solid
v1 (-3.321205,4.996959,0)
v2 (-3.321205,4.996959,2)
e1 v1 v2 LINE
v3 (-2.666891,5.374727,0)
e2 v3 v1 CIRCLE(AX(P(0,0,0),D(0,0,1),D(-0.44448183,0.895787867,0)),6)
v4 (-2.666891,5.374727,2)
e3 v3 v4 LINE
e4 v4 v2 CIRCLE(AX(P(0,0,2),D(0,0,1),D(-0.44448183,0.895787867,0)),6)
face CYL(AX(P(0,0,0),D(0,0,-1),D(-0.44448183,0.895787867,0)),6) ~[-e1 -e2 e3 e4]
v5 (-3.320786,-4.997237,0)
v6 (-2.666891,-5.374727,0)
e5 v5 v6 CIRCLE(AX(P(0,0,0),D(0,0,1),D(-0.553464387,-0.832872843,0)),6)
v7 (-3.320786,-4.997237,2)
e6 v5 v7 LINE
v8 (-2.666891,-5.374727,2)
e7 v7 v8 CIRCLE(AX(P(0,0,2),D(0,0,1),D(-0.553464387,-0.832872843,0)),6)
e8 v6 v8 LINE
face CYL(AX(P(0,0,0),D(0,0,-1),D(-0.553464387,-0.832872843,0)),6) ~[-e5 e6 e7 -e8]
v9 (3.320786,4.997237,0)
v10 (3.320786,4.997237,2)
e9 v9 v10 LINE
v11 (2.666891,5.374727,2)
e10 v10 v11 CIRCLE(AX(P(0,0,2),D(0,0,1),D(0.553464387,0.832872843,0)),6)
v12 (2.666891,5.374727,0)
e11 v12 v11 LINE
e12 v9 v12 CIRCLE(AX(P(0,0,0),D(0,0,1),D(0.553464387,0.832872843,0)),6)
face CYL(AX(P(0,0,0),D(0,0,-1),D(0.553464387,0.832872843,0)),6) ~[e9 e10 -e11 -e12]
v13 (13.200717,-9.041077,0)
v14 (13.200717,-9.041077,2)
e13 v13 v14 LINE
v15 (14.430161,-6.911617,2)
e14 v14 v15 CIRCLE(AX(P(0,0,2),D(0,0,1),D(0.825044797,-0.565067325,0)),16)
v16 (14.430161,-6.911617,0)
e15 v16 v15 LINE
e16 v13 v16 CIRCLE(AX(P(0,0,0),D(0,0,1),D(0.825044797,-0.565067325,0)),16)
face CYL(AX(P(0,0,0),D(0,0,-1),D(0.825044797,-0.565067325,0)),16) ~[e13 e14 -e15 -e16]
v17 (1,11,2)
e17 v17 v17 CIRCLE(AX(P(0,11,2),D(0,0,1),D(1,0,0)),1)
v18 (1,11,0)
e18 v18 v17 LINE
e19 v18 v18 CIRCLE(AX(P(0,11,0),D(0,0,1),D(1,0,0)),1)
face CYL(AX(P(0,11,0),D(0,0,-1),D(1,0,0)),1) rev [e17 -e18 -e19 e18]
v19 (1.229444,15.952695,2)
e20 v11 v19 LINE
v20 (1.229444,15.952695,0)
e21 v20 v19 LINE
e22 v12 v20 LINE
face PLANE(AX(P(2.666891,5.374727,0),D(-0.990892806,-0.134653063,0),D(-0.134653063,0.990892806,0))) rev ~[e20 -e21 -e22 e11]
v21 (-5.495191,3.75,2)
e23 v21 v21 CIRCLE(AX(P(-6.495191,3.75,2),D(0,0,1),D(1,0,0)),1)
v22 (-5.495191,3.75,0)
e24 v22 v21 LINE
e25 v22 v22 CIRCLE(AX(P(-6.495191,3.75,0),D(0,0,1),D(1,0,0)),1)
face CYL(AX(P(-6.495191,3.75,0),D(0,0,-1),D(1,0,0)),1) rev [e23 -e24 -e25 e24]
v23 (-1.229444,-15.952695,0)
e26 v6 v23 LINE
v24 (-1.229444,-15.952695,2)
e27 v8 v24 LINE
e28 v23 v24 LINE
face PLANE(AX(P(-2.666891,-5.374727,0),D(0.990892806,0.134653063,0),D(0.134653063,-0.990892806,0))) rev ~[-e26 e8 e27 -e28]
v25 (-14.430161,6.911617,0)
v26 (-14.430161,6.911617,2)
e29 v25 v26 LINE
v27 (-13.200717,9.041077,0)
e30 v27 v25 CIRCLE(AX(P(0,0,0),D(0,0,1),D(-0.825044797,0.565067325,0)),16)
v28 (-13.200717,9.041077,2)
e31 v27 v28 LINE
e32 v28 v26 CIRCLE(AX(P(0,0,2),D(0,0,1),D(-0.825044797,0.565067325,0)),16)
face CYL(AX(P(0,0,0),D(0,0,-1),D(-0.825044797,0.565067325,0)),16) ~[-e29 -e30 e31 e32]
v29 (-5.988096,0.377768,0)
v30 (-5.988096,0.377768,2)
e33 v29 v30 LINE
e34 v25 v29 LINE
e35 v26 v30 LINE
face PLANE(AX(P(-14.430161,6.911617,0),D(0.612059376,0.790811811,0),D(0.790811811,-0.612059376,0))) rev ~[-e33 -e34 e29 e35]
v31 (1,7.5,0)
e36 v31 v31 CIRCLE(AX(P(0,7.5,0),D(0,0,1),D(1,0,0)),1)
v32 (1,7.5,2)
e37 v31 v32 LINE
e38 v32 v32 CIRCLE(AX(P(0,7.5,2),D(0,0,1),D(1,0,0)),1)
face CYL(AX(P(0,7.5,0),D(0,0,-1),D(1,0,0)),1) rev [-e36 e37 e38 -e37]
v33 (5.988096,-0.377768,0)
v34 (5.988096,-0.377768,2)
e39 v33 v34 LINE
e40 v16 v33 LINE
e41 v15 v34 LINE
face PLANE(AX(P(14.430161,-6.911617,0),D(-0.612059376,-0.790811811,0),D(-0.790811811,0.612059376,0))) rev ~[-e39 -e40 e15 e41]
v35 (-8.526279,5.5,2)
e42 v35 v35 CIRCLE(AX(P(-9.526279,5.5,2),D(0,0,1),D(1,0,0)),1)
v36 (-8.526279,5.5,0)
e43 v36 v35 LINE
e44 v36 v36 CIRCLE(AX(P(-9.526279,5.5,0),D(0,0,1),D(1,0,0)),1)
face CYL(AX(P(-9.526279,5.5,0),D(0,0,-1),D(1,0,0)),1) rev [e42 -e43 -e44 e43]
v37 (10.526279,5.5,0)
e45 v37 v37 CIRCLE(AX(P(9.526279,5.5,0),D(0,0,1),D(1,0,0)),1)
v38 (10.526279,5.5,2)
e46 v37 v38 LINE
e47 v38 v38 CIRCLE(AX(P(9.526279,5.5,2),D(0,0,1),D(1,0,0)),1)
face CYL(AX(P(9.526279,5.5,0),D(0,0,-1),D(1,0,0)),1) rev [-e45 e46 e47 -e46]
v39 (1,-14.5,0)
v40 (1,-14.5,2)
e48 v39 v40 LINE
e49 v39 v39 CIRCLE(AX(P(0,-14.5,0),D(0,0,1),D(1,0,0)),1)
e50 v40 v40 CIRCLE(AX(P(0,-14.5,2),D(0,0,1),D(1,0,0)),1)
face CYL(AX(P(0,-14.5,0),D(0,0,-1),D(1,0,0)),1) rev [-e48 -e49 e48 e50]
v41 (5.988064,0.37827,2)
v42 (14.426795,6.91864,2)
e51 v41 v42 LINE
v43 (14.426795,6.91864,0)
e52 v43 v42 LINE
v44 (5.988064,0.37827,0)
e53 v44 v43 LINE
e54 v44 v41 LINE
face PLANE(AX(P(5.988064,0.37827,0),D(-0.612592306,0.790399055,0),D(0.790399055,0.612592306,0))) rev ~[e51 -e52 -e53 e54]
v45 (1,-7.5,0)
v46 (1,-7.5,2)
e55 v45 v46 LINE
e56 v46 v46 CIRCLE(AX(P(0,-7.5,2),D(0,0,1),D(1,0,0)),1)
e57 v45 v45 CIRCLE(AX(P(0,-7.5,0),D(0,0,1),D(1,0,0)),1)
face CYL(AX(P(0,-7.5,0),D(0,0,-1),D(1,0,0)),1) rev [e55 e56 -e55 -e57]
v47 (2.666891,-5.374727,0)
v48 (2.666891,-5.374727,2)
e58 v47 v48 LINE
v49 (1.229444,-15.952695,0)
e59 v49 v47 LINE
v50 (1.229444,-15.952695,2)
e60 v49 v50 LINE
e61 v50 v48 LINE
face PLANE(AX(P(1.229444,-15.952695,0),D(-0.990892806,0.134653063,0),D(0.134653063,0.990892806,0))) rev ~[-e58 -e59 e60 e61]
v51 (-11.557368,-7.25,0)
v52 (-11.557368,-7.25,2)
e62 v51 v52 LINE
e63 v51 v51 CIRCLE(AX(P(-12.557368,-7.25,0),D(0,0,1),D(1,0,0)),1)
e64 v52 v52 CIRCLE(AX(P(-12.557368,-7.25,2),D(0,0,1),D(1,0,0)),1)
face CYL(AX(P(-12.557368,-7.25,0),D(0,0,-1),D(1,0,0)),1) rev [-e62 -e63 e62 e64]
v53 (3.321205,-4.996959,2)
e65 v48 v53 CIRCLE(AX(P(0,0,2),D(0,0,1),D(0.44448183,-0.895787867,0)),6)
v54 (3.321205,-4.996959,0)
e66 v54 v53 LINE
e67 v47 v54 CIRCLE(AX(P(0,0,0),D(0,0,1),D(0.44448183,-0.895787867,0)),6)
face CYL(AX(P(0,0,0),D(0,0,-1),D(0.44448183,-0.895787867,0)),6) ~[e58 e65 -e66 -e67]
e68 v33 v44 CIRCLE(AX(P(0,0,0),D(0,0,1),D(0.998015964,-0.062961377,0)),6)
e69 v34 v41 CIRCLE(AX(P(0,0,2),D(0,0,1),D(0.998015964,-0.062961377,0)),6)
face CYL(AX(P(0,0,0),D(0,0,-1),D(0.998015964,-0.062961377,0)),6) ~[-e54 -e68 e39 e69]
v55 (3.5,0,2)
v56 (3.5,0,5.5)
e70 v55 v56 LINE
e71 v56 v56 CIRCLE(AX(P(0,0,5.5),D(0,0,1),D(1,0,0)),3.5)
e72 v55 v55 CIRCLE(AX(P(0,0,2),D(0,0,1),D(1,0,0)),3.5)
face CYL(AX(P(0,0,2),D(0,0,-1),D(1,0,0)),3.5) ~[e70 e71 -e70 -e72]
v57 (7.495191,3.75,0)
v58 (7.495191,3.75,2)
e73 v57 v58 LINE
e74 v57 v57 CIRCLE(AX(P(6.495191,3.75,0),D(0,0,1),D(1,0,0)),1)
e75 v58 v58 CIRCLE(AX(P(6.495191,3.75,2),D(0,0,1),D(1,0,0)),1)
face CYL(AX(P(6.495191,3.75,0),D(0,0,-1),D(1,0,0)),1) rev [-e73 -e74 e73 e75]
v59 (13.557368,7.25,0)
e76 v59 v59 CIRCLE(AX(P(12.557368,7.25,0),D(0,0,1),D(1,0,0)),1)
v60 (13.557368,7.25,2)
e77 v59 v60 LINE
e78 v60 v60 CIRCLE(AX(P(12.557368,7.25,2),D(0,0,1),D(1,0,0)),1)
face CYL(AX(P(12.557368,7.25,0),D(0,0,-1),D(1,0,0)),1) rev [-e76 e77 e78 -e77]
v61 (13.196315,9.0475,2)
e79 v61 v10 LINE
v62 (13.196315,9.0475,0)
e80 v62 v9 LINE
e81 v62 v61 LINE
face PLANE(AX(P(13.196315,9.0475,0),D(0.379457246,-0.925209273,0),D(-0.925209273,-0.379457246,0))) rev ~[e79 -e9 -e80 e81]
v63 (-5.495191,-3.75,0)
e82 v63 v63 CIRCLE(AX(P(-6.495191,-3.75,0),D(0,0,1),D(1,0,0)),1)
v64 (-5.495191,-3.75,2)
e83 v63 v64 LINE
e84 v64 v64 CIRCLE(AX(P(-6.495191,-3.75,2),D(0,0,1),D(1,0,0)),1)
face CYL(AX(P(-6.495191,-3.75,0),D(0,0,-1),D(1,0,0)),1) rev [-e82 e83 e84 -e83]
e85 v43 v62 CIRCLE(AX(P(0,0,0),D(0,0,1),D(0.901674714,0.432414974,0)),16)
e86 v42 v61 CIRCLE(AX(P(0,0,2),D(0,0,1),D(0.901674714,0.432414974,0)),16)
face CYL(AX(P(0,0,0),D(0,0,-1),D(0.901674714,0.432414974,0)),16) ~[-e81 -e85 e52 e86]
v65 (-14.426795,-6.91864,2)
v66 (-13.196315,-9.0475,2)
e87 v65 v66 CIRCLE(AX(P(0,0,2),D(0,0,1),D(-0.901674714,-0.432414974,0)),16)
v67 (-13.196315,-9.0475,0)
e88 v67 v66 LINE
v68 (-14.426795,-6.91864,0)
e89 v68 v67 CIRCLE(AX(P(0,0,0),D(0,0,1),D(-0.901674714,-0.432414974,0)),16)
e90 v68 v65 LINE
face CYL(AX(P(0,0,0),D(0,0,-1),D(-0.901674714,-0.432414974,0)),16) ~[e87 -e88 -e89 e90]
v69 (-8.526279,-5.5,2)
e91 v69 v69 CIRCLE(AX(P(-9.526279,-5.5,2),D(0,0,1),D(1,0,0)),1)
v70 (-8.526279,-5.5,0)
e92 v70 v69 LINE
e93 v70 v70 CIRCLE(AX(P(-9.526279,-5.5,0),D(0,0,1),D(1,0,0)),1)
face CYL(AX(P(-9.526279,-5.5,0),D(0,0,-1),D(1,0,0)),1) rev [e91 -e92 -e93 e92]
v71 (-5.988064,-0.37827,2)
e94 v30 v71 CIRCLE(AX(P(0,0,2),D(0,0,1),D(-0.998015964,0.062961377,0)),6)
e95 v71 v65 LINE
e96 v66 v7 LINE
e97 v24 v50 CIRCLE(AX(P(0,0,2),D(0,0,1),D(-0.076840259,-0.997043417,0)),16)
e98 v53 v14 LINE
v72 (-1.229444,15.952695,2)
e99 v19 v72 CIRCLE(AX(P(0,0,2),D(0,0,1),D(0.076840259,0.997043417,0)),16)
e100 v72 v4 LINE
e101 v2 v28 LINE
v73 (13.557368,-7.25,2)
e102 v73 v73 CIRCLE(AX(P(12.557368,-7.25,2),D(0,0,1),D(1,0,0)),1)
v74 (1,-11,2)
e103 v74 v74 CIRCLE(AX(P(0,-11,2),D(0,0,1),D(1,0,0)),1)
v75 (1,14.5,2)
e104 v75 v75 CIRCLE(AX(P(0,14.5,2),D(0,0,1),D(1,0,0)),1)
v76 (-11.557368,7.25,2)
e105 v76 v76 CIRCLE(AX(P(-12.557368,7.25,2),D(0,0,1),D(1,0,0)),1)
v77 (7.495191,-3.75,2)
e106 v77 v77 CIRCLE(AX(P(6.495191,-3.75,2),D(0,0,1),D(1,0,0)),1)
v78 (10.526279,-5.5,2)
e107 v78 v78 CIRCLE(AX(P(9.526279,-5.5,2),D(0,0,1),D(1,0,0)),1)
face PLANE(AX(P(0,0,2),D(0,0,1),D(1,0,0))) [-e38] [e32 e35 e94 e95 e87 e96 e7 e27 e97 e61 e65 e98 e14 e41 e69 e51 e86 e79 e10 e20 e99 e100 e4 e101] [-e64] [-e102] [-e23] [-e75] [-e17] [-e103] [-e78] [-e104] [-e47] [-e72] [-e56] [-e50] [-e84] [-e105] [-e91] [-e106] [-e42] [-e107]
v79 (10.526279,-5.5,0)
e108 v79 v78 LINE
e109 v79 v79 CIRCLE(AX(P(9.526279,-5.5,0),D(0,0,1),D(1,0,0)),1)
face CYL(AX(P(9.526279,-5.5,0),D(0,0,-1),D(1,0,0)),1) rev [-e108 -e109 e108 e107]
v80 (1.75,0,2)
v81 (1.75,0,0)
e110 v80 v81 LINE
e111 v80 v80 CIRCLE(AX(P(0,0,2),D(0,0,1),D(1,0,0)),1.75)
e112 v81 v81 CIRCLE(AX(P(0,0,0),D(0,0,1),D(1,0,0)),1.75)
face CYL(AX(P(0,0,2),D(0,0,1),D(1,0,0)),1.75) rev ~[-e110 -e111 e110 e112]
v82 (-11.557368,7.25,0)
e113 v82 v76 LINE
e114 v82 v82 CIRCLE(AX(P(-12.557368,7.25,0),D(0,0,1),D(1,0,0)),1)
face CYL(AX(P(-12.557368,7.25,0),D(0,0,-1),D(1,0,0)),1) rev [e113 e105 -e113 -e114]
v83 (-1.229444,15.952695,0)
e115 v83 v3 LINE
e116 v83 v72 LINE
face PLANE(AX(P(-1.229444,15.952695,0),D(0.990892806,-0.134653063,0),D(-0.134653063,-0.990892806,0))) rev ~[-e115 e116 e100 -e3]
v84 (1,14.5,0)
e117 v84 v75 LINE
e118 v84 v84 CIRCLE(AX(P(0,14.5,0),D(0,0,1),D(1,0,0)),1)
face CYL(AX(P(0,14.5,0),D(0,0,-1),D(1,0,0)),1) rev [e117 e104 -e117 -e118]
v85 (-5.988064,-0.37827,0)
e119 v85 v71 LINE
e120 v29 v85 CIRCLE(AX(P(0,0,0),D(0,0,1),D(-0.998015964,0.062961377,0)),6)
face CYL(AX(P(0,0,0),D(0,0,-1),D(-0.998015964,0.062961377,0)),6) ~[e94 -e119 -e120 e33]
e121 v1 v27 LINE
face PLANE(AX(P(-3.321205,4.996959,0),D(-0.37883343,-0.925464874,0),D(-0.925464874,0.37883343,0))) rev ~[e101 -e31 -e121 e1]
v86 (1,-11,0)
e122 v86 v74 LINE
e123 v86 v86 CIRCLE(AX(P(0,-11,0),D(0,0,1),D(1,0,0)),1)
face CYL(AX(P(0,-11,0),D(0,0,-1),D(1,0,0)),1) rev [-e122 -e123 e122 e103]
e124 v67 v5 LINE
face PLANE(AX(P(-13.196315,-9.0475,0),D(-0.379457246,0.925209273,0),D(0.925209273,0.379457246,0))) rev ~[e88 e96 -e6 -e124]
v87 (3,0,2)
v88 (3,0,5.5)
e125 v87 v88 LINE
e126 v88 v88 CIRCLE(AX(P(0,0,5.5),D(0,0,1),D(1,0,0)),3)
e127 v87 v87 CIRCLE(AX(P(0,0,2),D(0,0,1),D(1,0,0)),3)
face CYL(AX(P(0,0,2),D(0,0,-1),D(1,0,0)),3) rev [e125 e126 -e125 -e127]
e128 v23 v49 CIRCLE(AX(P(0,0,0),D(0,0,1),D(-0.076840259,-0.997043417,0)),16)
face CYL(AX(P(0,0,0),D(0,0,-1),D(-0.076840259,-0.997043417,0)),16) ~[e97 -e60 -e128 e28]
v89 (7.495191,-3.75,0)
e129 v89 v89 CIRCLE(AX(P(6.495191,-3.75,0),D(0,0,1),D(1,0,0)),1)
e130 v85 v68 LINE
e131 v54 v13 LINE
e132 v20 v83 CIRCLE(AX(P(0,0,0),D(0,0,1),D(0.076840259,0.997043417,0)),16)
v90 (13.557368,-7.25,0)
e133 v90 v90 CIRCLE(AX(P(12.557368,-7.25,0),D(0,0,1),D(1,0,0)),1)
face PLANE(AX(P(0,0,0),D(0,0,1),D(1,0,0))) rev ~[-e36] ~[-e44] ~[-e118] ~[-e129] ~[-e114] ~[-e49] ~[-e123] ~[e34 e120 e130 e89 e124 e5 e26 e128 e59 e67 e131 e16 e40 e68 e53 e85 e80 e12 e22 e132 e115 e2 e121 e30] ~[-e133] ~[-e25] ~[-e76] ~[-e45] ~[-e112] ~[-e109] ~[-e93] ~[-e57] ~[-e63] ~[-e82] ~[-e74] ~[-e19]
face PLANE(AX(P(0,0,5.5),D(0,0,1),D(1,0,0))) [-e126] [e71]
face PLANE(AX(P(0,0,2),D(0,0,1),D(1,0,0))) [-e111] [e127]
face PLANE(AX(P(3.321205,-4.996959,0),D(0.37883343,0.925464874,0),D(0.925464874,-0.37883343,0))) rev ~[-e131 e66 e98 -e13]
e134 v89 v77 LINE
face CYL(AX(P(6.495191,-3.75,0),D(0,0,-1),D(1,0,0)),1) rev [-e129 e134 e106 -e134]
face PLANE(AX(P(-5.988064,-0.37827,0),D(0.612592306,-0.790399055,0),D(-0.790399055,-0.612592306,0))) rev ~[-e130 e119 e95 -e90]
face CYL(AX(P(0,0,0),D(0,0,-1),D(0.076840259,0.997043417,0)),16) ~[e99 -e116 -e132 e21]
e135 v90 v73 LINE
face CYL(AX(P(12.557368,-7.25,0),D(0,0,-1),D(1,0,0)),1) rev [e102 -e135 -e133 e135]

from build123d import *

# Parameters (mm, degrees)
SKETCH1_R           = 1
BOSS_EXTRUDE3_DEPTH = 2
SKETCH2_R           = 1.75
CUT_EXTRUDE2_DEPTH  = 2
SKETCH3_R           = 3.5
SKETCH3_R_2         = 3
BOSS_EXTRUDE4_DEPTH = 3.5


with BuildPart() as part:
    # Sketch1 → Boss-Extrude3 (new body)
    with BuildSketch(Plane.XY):
        with BuildLine():
            ThreePointArc((1.229444159, 15.952694665), (0, 16), (-1.229444159, 15.952694665))
            Line((-1.229444159, 15.952694665), (-2.666890983, 5.374727201))
            ThreePointArc((-2.666890983, 5.374727201), (-3, 5.196152423), (-3.321204803, 4.996958941))
            Line((-3.321204803, 4.996958941), (-13.200716759, 9.041077207))
            ThreePointArc((-13.200716759, 9.041077207), (-13.856406461, 8), (-14.430160918, 6.911617458))
            Line((-14.430160918, 6.911617458), (-5.988095786, 0.37776826))
            ThreePointArc((-5.988095786, 0.37776826), (-5.999999995, -0.000251411), (-5.988064107, -0.378270083))
            Line((-5.988064107, -0.378270083), (-14.426795427, -6.918639585))
            ThreePointArc((-14.426795427, -6.918639585), (-13.85251149, -8.006742498), (-13.196315379, -9.04750023))
            Line((-13.196315379, -9.04750023), (-3.320786342, -4.997237044))
            ThreePointArc((-3.320786342, -4.997237044), (-2.999782432, -5.196278029), (-2.666890983, -5.374727201))
            Line((-2.666890983, -5.374727201), (-1.229444159, -15.952694665))
            ThreePointArc((-1.229444159, -15.952694665), (0, -16), (1.229444159, -15.952694665))
            Line((1.229444159, -15.952694665), (2.666890983, -5.374727201))
            ThreePointArc((2.666890983, -5.374727201), (3, -5.196152423), (3.321204803, -4.996958941))
            Line((3.321204803, -4.996958941), (13.200716759, -9.041077207))
            ThreePointArc((13.200716759, -9.041077207), (13.856406461, -8), (14.430160918, -6.911617458))
            Line((14.430160918, -6.911617458), (5.988095786, -0.37776826))
            ThreePointArc((5.988095786, -0.37776826), (5.999999995, 0.000251411), (5.988064107, 0.378270083))
            Line((5.988064107, 0.378270083), (14.426795427, 6.918639585))
            ThreePointArc((14.426795427, 6.918639585), (13.85251149, 8.006742498), (13.196315379, 9.04750023))
            Line((13.196315379, 9.04750023), (3.320786342, 4.997237044))
            ThreePointArc((3.320786342, 4.997237044), (2.999782432, 5.196278029), (2.666890983, 5.374727201))
            Line((2.666890983, 5.374727201), (1.229444159, 15.952694665))
        make_face()
        with Locations((0, 7.5)):
            Circle(SKETCH1_R, mode=Mode.SUBTRACT)
        with Locations((0, 11)):
            Circle(SKETCH1_R, mode=Mode.SUBTRACT)
        with Locations((0, 14.5)):
            Circle(SKETCH1_R, mode=Mode.SUBTRACT)
        with Locations((-6.495190528, 3.75)):
            Circle(SKETCH1_R, mode=Mode.SUBTRACT)
        with Locations((-12.557368355, 7.25)):
            Circle(SKETCH1_R, mode=Mode.SUBTRACT)
        with Locations((-9.526279442, 5.5)):
            Circle(SKETCH1_R, mode=Mode.SUBTRACT)
        with Locations((12.557368355, 7.25)):
            Circle(SKETCH1_R, mode=Mode.SUBTRACT)
        with Locations((6.495190528, 3.75)):
            Circle(SKETCH1_R, mode=Mode.SUBTRACT)
        with Locations((9.526279442, 5.5)):
            Circle(SKETCH1_R, mode=Mode.SUBTRACT)
        with Locations((-6.495190528, -3.75)):
            Circle(SKETCH1_R, mode=Mode.SUBTRACT)
        with Locations((-12.557368355, -7.25)):
            Circle(SKETCH1_R, mode=Mode.SUBTRACT)
        with Locations((-9.526279442, -5.5)):
            Circle(SKETCH1_R, mode=Mode.SUBTRACT)
        with Locations((12.557368355, -7.25)):
            Circle(SKETCH1_R, mode=Mode.SUBTRACT)
        with Locations((6.495190528, -3.75)):
            Circle(SKETCH1_R, mode=Mode.SUBTRACT)
        with Locations((9.526279442, -5.5)):
            Circle(SKETCH1_R, mode=Mode.SUBTRACT)
        with Locations((0, -7.5)):
            Circle(SKETCH1_R, mode=Mode.SUBTRACT)
        with Locations((0, -14.5)):
            Circle(SKETCH1_R, mode=Mode.SUBTRACT)
        with Locations((0, -11)):
            Circle(SKETCH1_R, mode=Mode.SUBTRACT)
    extrude(amount=BOSS_EXTRUDE3_DEPTH)

    # Sketch2 → Cut-Extrude2 (cut)
    with BuildSketch(Plane.XY.offset(2)):
        Circle(SKETCH2_R)
    extrude(amount=-CUT_EXTRUDE2_DEPTH, mode=Mode.SUBTRACT)

    # Sketch3 → Boss-Extrude4 (add)
    with BuildSketch(Plane.XY.offset(2)):
        Circle(SKETCH3_R)
        Circle(SKETCH3_R_2, mode=Mode.SUBTRACT)
    extrude(amount=BOSS_EXTRUDE4_DEPTH)


solid = part.part
